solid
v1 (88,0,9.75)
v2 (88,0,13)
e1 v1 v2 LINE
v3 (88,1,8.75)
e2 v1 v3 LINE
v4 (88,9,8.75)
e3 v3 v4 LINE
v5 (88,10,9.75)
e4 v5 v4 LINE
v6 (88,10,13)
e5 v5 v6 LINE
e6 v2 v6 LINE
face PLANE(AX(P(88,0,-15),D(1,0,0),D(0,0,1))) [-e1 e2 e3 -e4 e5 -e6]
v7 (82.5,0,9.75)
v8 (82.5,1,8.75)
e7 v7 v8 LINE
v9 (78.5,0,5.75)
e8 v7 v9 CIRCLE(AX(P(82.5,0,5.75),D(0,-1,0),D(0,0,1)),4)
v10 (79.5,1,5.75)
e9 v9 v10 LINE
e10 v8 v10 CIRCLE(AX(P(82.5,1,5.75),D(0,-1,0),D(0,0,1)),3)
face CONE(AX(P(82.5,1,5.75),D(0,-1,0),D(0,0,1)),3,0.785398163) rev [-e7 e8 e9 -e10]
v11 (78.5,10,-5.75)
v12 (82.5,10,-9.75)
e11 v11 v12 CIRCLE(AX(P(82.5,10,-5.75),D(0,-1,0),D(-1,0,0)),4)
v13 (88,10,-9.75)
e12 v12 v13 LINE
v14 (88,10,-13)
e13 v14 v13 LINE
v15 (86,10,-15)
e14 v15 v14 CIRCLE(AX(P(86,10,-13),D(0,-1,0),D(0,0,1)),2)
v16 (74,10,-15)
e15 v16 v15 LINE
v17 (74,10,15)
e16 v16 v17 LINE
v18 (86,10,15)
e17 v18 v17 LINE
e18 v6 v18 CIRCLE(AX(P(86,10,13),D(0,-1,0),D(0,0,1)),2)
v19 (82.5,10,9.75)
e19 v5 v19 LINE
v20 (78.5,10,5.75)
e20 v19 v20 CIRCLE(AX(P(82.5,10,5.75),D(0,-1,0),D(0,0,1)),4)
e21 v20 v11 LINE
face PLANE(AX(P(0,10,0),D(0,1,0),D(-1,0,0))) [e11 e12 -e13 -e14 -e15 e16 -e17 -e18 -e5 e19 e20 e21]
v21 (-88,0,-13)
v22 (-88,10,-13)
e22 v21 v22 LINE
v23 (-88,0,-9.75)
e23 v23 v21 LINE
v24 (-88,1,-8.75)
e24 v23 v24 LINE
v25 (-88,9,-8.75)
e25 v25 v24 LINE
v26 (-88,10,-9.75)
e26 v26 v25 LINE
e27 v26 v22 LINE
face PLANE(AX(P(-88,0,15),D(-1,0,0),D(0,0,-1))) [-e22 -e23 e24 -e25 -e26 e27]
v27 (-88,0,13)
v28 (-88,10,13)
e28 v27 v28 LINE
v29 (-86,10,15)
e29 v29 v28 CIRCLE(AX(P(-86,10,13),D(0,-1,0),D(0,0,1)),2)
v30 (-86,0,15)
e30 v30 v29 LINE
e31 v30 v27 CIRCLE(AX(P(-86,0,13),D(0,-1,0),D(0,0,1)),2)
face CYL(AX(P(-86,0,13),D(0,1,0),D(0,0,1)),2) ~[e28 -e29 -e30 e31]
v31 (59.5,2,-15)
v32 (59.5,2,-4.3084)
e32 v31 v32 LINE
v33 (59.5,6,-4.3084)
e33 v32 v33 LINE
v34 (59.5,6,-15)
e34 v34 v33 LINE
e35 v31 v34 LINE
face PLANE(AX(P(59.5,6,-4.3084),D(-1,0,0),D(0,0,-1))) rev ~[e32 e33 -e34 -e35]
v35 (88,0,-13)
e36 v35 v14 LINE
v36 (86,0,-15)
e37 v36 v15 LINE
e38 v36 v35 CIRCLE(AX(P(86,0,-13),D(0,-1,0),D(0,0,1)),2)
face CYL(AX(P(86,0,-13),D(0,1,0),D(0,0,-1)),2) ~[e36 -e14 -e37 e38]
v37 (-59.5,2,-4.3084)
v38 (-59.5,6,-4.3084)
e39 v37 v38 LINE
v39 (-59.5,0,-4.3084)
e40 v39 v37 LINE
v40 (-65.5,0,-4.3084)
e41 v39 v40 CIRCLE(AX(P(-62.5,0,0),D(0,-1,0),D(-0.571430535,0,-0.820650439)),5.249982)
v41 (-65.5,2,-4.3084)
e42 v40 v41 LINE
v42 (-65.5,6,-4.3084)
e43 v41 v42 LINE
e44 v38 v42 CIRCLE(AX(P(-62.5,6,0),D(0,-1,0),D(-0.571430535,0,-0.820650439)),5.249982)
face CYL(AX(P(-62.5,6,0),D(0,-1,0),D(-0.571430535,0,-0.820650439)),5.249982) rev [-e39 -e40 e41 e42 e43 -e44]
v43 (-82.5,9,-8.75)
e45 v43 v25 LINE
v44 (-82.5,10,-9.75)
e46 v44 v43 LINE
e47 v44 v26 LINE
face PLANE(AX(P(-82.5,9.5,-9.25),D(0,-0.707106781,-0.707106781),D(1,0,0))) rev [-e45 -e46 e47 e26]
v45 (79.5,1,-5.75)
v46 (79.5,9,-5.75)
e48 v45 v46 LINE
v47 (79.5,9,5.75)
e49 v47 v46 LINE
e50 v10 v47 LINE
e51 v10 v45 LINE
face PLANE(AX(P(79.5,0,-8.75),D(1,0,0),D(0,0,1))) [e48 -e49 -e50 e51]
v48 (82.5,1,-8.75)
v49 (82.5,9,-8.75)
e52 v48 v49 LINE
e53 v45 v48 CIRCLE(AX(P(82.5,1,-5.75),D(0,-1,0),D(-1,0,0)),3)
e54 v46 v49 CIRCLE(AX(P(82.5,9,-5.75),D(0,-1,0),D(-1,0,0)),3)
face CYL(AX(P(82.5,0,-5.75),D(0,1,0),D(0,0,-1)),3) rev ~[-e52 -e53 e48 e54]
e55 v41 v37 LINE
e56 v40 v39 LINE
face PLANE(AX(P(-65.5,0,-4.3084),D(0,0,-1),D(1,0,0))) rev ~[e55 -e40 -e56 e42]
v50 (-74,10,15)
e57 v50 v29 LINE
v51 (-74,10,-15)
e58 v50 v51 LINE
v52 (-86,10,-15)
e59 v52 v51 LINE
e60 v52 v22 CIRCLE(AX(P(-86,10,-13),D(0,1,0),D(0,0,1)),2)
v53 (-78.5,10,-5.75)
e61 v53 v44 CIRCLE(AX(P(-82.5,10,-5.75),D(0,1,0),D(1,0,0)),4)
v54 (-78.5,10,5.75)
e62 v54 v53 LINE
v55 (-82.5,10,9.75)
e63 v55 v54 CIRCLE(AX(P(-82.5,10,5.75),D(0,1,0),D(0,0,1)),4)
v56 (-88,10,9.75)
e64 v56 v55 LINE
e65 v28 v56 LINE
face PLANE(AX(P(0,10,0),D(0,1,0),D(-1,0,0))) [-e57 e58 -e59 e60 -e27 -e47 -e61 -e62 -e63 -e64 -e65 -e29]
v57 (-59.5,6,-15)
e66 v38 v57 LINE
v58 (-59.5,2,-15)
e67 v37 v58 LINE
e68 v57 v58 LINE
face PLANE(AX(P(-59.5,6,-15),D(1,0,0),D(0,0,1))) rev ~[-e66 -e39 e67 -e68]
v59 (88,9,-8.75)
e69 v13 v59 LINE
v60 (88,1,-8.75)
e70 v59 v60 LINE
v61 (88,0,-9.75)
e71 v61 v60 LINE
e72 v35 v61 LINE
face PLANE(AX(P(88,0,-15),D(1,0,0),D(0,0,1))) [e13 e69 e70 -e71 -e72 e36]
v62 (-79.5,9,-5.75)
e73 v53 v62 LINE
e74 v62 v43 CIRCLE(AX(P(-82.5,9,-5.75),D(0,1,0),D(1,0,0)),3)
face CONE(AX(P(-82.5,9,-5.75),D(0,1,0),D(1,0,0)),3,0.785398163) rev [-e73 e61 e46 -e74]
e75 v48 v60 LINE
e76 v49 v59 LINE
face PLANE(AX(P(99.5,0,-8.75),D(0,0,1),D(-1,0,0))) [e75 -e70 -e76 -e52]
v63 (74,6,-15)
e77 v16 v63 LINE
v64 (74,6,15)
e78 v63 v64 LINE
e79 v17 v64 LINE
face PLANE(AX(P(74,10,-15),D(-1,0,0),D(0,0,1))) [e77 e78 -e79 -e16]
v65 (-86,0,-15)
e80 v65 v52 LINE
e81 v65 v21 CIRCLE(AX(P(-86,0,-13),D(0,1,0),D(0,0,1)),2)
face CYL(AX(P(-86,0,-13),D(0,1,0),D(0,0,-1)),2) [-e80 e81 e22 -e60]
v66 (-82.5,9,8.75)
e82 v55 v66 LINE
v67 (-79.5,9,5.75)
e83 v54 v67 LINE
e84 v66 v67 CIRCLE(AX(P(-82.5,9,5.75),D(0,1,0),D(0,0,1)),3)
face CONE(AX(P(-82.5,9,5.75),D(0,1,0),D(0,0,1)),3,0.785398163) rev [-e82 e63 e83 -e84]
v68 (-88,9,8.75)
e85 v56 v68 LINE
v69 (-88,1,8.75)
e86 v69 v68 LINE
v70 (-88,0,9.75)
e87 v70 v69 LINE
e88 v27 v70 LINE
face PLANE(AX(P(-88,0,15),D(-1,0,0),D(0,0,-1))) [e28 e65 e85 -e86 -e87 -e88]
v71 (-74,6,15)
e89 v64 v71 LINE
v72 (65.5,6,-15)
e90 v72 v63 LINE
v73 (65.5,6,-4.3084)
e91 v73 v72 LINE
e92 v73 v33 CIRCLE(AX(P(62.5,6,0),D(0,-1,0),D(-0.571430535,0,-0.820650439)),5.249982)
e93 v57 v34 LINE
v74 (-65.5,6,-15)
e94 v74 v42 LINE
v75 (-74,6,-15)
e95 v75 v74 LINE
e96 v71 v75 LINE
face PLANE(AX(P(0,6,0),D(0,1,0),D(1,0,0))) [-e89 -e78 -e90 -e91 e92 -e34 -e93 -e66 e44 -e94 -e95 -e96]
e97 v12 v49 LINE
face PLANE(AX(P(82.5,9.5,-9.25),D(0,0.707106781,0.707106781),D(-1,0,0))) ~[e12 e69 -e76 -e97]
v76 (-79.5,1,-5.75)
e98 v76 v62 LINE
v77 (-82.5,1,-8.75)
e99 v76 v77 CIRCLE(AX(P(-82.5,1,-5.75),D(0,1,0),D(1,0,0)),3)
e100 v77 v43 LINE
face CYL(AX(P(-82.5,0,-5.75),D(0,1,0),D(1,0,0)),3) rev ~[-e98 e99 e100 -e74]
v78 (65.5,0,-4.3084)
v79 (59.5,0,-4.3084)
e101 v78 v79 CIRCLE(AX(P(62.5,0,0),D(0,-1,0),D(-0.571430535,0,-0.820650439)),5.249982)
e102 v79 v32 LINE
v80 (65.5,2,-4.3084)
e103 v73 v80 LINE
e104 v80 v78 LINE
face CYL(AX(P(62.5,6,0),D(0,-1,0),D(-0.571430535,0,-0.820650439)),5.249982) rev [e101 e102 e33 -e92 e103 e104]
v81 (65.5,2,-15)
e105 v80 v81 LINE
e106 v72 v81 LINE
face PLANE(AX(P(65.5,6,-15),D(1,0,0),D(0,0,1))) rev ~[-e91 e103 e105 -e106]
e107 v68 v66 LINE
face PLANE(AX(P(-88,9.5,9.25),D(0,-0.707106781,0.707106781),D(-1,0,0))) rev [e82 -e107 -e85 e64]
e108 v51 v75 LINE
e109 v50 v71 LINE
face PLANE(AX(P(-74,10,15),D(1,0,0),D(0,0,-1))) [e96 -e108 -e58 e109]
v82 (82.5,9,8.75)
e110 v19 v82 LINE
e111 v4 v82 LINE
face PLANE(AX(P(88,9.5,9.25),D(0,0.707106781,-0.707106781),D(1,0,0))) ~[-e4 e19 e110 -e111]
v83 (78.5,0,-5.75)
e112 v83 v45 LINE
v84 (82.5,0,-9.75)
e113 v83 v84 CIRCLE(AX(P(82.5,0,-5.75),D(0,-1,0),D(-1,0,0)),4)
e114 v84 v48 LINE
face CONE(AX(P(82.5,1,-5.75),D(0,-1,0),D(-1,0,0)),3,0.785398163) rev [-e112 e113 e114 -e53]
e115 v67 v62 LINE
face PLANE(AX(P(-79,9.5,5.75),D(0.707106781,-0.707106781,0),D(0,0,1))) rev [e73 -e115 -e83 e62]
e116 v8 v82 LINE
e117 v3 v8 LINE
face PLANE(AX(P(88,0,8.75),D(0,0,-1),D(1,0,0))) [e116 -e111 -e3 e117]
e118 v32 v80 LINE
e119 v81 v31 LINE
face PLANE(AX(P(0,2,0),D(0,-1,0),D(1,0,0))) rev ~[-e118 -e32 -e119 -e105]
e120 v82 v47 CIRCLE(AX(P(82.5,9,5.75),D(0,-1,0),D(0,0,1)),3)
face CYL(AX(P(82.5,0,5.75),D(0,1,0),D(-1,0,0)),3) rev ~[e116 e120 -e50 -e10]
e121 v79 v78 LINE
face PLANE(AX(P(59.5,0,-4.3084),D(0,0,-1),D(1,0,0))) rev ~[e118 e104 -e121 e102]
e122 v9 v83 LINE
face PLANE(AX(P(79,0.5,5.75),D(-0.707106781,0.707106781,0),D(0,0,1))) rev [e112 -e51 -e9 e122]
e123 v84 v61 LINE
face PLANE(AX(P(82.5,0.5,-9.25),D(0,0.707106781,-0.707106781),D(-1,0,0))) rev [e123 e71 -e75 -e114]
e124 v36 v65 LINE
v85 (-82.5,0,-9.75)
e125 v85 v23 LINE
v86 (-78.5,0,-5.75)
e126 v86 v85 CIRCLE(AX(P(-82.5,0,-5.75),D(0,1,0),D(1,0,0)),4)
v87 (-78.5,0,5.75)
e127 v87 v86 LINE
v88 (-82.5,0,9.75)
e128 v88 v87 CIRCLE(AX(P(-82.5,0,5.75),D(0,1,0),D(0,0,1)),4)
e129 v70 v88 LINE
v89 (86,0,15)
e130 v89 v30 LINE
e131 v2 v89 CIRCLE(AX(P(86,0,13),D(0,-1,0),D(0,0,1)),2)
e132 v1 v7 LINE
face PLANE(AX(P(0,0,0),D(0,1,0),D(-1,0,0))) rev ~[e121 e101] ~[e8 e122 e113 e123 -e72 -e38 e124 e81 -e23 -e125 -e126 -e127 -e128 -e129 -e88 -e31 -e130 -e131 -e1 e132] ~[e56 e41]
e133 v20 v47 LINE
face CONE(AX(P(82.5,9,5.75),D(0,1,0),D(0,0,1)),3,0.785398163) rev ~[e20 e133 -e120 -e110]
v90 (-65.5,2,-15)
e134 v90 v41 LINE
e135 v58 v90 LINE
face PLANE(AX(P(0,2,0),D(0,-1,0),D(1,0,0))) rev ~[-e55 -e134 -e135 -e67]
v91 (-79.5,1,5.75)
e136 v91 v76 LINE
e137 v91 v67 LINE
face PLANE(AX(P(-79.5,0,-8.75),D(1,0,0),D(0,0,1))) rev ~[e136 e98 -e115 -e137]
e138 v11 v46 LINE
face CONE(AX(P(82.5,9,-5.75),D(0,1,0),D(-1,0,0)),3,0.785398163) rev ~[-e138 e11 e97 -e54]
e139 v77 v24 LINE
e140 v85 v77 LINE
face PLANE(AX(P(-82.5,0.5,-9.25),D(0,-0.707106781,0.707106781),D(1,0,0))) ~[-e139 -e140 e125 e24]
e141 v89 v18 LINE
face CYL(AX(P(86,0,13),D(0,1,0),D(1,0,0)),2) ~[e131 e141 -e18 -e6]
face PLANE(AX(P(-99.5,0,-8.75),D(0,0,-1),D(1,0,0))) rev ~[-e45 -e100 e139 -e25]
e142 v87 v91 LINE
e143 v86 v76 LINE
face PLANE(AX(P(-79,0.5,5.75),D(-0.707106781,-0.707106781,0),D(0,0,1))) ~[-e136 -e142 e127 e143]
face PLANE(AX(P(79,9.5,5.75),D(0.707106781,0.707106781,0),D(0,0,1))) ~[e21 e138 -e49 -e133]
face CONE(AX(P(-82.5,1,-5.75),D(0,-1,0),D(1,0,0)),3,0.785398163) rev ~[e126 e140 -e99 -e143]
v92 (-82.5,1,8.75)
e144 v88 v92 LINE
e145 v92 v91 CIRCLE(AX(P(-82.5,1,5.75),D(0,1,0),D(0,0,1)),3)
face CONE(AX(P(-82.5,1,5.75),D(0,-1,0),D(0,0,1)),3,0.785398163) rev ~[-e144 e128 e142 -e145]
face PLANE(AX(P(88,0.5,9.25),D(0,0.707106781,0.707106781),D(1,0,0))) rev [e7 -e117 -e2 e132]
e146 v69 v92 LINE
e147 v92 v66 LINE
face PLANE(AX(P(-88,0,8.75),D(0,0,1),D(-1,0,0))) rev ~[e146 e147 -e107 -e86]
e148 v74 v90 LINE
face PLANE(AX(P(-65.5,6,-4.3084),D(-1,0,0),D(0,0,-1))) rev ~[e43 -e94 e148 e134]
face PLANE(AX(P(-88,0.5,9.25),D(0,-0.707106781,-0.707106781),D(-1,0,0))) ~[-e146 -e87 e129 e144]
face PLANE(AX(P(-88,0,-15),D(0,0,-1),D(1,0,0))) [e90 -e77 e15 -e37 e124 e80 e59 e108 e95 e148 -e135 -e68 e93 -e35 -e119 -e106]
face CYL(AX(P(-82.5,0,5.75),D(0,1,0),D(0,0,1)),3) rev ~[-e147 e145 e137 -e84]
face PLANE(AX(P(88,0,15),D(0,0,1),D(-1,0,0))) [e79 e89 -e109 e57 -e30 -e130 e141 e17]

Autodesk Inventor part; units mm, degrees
ref_plane "YZ Plane" through (0, 0, 0) normal (1, 0, 0) x (0, 1, 0)
ref_plane "XZ Plane" through (0, 0, 0) normal (0, 1, 0) x (-1, 0, 0)
ref_plane "XY Plane" through (0, 0, 0) normal (0, 0, 1) x (1, 0, 0)
sketch "Body Outline" plane through (0, 0, 0) normal (0, 1, 0) x (-1, 0, 0)
  line L0 (88, -15) -> (-88, -15)
  line L1 (-88, -15) -> (-88, 15)
  line L2 (-88, 15) -> (88, 15)
  line L3 (88, 15) -> (88, -15)
  point P0 (0, 0)
  dimension "d0" = 30
  dimension "d1" = 15
  dimension "d2" = 176
  dimension "d3" = 88
extrude "Body" add sketch "Body Outline" along normal blind 10
sketch "Body Cutout Outline" plane through (0, 10, 0) normal (0, 1, 0) x (1, 0, 0)
  line L0 (-74, 15) -> (74, 15)
  line L1 (74, 15) -> (74, -15)
  line L2 (74, -15) -> (-74, -15)
  line L3 (-74, -15) -> (-74, 15)
  line L4 (-88, 15) -> (-88, -15) projected
  line L5 (88, -15) -> (88, 15) projected
  line L6 (88, 15) -> (-88, 15) projected
  line L7 (-88, -15) -> (88, -15) projected
  point P0 (0, 0)
  dimension "d6" = 14
  dimension "d7" = 14
  dimension "d8" = 0
  dimension "d9" = 0
extrude "Body Cutout" cut sketch "Body Cutout Outline" against normal blind 4 contours L0 L1 L2 L3
sketch "Rail Cutouts Outline" plane through (0, 0, 0) normal (0, -1, 0) x (1, 0, 0)
  line L0 (99.5, -8.75) -> (79.5, -8.75)
  line L1 (79.5, -8.75) -> (79.5, 8.75)
  line L2 (79.5, 8.75) -> (99.5, 8.75)
  line L3 (99.5, 8.75) -> (99.5, -8.75)
  line L4 (88, -15) -> (88, 15) projected
  line L5 (-99.5, -8.75) -> (-79.5, -8.75)
  line L6 (-79.5, -8.75) -> (-79.5, 8.75)
  line L7 (-79.5, 8.75) -> (-99.5, 8.75)
  line L8 (-99.5, 8.75) -> (-99.5, -8.75)
  line L9 (-88, 15) -> (-88, -15) projected
  point P0 (0, 0)
  dimension "d12" = 8.5
  dimension "d13" = 17.5
  dimension "d14" = 8.75
  dimension "d16" = 8.5
  dimension "d17" = 20
  dimension "d18" = 20
  dimension "d19" = 17.5
  dimension "d20" = 8.75
extrude "Rail Cutouts" cut sketch "Rail Cutouts Outline" along normal through all both and the other way through all
sketch "Spigot Cutouts Outline" plane through (0, 6, 0) normal (0, 1, 0) x (1, 0, 0)
  arc A0 (-65.5, 4.3084) -> (-59.5, 4.3084) centre (-62.5, 0) ccw
  line L0 (-65.5, 15) -> (-59.5, 15)
  line L1 (-59.5, 15) -> (-59.5, 4.3084)
  line L2 (-65.5, 4.3084) -> (-65.5, 15)
  line L3 (-74, 15) -> (74, 15) projected
  arc A1 (59.5, 4.3084) -> (65.5, 4.3084) centre (62.5, 0) ccw
  line L4 (59.5, 15) -> (65.5, 15)
  line L5 (65.5, 15) -> (65.5, 4.3084)
  line L6 (59.5, 4.3084) -> (59.5, 15)
  point P0 (0, 0)
  dimension "d23" = 6
  dimension "d24" = 62.5
  dimension "d25" = 0
  dimension "d26" = 0
  dimension "d27" = 5.25
  dimension "d28" = 3
  dimension "d29" = 6
  dimension "d30" = 3
  dimension "d31" = 5.25
  dimension "d32" = 0
  dimension "d33" = 0
  dimension "d34" = 62.5
extrude "Spigot Cutouts" cut sketch "Spigot Cutouts Outline" along normal through all both and the other way through all
sketch "Spigot Supports Outline" plane through (0, 0, 0) normal (0, -1, 0) x (1, 0, 0)
  line L0 (-65.5, -4.3084) -> (-59.5, -4.3084)
  line L1 (-59.5, -4.3084) -> (-59.5, -15)
  line L2 (-59.5, -15) -> (-65.5, -15)
  line L3 (-65.5, -15) -> (-65.5, -4.3084)
  line L4 (-65.5, -15) -> (-65.5, -4.3084) projected
  line L5 (-59.5, -4.3084) -> (-59.5, -15) projected
  line L6 (-88, -15) -> (-65.5, -15) projected
  line L7 (59.5, -4.3084) -> (65.5, -4.3084)
  line L8 (65.5, -4.3084) -> (65.5, -15)
  line L9 (65.5, -15) -> (59.5, -15)
  line L10 (59.5, -15) -> (59.5, -4.3084)
  line L11 (65.5, -4.3084) -> (65.5, -15) projected
  line L12 (59.5, -15) -> (59.5, -4.3084) projected
  line L13 (-59.5, -15) -> (59.5, -15) projected
  point P0 (0, 0)
  dimension "d37" = 0
  dimension "d38" = 0
  dimension "d39" = 0
  dimension "d40" = 0
  dimension "d41" = 0
  dimension "d42" = 0
  dimension "d43" = 0
  dimension "d44" = 0
extrude "Spigot Supports" add sketch "Spigot Supports Outline" against normal blind 2
fillet "Body Fillet" radius 3 4 edges at (-79.5, 5, -8.75) (-79.5, 5, 8.75) (79.5, 5, -8.75) (79.5, 5, 8.75)
fillet "Body Fillet" radius 2 4 edges at (-88, 5, 15) (-88, 5, -15) (88, 5, -15) (88, 5, 15)
chamfer "Rail Cutouts Chamfer" distance 1 angle 45 20 edges at (-85.25, 10, -8.75) (-80.3787, 10, -7.8713) (-79.5, 10, 0) (-80.3787, 10, 7.8713) (-85.25, 10, 8.75) (-85.25, 0, -8.75) (-80.3787, 0, -7.8713) (-79.5, 0, 0) (-80.3787, 0, 7.8713) (-85.25, 0, 8.75) (85.25, 10, -8.75) (80.3787, 10, -7.8713) (79.5, 10, 0) (80.3787, 10, 7.8713) (85.25, 10, 8.75) (85.25, 0, 8.75) (80.3787, 0, 7.8713) (79.5, 0, 0) (80.3787, 0, -7.8713) (85.25, 0, -8.75)
equation "\"d1\" = 0.5 * d0"
equation "\"d3\" = 0.5 * d2"
equation "\"d7\" = d6"
equation "\"d14\" = 0.5 * d13"
equation "\"d16\" = d12"
equation "\"d18\" = d17"
equation "\"d19\" = d13"
equation "\"d20\" = 0.5 * d19"
equation "\"d28\" = 0.5 * d23"
equation "\"d29\" = d23"
equation "\"d30\" = d28"
equation "\"d31\" = d27"
equation "\"d34\" = d24"
properties part number "LR Spigot Plate" material "Acetal Resin, Black"
